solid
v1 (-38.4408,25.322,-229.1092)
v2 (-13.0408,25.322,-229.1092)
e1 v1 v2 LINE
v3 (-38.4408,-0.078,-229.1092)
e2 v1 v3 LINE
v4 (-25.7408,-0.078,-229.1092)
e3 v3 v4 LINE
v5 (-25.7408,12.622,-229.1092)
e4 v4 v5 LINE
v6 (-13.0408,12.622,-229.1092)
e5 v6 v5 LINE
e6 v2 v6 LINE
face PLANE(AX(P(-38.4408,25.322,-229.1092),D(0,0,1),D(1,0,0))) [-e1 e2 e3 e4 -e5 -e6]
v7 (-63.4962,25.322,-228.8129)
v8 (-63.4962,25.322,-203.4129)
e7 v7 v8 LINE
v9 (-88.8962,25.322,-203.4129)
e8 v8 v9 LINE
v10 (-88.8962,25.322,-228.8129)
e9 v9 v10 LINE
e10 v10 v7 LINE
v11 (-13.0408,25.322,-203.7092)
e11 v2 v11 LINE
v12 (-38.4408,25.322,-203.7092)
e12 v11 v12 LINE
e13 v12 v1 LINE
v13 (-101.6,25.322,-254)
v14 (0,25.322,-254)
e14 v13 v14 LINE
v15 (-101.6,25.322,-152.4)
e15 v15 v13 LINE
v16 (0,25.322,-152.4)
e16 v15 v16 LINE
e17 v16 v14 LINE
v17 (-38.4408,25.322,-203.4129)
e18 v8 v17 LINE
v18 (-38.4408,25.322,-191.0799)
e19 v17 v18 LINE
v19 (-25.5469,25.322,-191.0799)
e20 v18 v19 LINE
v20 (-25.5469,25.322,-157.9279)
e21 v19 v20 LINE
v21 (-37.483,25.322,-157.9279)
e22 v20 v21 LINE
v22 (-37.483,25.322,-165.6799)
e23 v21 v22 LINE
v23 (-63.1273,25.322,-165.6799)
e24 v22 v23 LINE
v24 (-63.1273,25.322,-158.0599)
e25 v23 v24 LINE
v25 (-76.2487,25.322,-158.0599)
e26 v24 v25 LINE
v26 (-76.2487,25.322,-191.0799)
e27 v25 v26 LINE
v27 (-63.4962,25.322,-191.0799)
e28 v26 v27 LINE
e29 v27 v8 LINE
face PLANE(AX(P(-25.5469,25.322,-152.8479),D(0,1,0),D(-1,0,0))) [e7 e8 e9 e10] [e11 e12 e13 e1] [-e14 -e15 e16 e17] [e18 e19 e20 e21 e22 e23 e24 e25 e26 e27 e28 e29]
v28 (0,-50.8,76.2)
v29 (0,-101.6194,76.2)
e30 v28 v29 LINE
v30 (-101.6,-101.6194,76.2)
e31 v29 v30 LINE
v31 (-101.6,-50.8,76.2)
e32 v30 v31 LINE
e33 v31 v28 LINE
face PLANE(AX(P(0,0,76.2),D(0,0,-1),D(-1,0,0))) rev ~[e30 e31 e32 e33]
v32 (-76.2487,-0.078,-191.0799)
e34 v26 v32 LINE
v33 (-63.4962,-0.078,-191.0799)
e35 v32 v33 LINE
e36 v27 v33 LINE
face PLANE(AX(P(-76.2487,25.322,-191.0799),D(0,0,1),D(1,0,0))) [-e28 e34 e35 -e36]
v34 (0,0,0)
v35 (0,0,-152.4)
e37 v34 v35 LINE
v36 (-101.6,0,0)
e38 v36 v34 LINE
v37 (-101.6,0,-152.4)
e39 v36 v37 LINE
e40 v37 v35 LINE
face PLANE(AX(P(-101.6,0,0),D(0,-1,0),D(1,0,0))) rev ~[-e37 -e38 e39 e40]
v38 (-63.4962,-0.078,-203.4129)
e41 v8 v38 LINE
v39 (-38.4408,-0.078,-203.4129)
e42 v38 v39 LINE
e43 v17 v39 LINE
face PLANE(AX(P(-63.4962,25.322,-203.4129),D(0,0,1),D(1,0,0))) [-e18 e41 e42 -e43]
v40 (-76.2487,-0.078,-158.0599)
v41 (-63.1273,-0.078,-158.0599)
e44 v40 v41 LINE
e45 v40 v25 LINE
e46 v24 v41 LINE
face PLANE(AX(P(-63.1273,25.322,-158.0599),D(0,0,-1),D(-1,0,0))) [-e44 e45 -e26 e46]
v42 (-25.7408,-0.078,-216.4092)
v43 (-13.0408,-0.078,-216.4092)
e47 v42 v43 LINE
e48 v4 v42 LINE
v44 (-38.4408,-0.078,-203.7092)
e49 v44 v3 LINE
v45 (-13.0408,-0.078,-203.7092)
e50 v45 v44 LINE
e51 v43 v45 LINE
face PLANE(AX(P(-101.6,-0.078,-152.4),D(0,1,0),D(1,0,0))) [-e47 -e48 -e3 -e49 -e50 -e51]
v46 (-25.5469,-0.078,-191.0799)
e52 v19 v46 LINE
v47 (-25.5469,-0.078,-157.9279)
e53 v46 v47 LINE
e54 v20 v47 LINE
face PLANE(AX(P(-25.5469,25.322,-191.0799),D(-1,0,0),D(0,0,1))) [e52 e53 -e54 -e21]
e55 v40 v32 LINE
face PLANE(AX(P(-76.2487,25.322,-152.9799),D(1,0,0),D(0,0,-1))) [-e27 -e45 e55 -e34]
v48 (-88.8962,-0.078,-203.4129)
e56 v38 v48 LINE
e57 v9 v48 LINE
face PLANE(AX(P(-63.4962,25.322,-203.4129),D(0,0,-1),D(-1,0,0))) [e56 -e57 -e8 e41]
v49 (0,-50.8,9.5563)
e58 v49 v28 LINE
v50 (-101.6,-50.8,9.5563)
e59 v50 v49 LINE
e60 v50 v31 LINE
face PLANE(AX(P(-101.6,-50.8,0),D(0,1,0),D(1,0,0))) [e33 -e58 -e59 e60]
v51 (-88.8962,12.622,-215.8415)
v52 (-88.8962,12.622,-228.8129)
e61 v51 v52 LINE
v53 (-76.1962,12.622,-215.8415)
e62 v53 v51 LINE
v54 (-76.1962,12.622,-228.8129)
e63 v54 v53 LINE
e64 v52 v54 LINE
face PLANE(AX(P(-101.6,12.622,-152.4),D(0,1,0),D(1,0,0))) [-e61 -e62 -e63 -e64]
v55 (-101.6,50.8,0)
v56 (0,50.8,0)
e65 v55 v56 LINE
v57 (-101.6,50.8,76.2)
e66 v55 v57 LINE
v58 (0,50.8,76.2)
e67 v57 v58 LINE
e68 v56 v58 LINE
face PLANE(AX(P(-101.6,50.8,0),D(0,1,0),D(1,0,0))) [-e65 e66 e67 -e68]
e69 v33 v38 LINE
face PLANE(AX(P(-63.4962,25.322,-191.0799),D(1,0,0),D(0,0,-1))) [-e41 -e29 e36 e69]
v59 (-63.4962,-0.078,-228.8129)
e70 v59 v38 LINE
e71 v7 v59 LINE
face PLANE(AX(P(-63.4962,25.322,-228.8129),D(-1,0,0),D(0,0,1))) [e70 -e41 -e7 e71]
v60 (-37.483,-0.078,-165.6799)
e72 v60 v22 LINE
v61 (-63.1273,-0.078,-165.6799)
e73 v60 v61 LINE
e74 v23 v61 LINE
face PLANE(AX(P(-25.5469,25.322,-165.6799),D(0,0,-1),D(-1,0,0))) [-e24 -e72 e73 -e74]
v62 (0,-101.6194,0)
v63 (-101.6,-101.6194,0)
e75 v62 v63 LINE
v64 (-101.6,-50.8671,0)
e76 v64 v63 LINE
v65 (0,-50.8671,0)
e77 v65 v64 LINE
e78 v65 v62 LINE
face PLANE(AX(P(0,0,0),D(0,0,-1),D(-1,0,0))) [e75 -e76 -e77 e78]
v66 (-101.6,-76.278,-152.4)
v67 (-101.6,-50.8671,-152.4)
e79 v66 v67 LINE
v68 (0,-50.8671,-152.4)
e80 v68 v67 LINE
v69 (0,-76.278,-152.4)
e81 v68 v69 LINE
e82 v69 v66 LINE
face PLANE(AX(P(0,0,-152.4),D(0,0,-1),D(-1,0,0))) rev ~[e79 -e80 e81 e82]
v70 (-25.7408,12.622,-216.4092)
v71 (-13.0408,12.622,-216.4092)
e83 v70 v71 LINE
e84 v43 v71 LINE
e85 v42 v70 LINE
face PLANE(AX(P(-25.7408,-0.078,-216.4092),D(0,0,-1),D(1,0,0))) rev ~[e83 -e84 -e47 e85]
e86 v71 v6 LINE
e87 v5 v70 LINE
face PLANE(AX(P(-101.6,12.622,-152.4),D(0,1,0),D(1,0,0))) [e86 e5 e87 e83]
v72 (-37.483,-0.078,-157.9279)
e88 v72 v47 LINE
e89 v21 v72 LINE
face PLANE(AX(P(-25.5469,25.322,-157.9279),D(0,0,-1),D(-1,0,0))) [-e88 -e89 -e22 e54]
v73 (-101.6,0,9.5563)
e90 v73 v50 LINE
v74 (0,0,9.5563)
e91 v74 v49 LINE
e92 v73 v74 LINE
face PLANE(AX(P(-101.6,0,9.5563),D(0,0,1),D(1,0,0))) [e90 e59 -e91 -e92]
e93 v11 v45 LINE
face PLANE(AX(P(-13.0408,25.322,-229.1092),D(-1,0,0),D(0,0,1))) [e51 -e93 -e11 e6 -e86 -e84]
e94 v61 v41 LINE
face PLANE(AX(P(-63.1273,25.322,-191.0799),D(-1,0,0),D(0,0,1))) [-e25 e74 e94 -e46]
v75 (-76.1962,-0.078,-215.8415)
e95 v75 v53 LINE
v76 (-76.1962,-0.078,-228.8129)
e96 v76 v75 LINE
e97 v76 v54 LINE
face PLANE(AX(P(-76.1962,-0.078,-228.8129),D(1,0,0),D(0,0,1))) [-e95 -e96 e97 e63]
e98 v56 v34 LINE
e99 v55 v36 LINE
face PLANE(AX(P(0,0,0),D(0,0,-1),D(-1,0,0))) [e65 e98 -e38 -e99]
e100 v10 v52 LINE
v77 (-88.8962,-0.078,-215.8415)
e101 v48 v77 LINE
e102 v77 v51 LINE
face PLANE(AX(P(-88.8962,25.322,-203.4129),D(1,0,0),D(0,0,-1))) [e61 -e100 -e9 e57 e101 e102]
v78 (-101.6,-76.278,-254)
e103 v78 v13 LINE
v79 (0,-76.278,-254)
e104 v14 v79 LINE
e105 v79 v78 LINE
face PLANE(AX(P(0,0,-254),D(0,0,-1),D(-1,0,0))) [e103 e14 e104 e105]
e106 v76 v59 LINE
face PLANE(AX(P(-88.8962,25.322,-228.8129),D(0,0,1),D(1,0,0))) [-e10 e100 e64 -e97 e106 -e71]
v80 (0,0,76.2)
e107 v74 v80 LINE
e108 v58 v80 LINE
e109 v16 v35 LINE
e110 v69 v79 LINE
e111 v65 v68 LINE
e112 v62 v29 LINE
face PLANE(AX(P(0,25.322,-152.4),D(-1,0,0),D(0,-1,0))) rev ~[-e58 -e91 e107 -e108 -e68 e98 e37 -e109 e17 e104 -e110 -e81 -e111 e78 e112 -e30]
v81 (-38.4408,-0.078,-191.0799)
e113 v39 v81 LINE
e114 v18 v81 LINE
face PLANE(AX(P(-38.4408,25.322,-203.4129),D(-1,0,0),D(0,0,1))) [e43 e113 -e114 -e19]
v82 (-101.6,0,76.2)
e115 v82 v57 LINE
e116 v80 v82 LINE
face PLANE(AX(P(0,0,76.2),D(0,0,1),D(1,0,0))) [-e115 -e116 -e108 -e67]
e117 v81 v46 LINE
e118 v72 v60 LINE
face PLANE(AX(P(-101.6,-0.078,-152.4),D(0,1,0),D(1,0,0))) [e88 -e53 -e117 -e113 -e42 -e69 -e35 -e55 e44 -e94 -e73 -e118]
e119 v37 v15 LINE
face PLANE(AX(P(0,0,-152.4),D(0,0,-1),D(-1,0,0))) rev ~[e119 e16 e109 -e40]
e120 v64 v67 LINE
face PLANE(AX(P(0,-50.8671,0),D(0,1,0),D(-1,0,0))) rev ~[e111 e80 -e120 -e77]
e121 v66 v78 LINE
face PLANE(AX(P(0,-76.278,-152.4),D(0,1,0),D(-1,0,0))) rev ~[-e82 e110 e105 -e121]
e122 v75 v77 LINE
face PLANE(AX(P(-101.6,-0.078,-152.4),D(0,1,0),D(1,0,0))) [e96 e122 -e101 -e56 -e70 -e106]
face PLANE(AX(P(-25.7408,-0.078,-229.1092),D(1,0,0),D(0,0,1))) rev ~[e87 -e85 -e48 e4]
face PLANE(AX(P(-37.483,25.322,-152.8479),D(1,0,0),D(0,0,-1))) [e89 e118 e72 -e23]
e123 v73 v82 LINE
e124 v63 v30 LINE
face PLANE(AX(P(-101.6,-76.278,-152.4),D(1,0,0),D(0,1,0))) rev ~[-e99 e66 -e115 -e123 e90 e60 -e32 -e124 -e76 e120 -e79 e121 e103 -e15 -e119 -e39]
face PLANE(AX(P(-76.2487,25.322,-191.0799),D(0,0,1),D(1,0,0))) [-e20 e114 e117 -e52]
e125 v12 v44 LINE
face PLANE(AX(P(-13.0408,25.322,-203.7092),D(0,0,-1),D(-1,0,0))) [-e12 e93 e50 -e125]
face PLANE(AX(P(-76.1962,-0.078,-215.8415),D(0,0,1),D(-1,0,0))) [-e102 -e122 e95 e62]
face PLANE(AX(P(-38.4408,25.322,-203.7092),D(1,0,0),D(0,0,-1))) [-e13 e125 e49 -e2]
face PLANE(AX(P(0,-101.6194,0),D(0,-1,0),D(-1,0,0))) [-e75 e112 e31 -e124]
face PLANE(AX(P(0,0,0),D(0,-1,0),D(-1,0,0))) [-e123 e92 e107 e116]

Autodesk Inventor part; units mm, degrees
ref_plane "YZ Plane" through (0, 0, 0) normal (1, 0, 0) x (0, 1, 0)
ref_plane "XZ Plane" through (0, 0, 0) normal (0, 1, 0) x (-1, 0, 0)
ref_plane "XY Plane" through (0, 0, 0) normal (0, 0, 1) x (1, 0, 0)
sketch "Sketch1" plane through (0, 0, 0) normal (0, 0, 1) x (1, 0, 0)
  line L0 (-101.6, 50.8) -> (0, 50.8)
  line L1 (0, 50.8) -> (0, 0)
  line L2 (0, 0) -> (-101.6, 0)
  line L3 (-101.6, 0) -> (-101.6, 50.8)
  dimension "d0" = 101.6
  dimension "d1" = 50.8
extrude "Extrusion1" add sketch "Sketch1" along normal blind 76.2
sketch "Sketch2" plane through (-101.6, 0, 0) normal (0, -1, 0) x (1, 0, 0)
  line L0 (0, 0) -> (0, 76.2) projected
  line L1 (101.6, 0) -> (0, 0)
  line L2 (0, 0) -> (0, 9.5563)
  line L3 (0, 9.5563) -> (101.6, 9.5563)
  line L4 (101.6, 9.5563) -> (101.6, 0)
extrude "Extrusion2" add sketch "Sketch2" along normal blind 50.8
sketch "Sketch3" plane through (0, 0, 0) normal (0, 0, -1) x (-1, 0, 0)
  line L0 (101.6, -50.8) -> (0, -50.8)
  line L1 (0, -50.8) -> (0, -101.6194)
  line L2 (0, -101.6194) -> (101.6, -101.6194)
  line L3 (101.6, -101.6194) -> (101.6, -50.8)
  point P0 (0, 0)
extrude "Extrusion3" add sketch "Sketch3" against normal blind 76.2
sketch "Sketch4" plane through (0, 0, 0) normal (0, 0, -1) x (-1, 0, 0)
  line L0 (0, -101.6194) -> (0, 50.8) projected
  line L1 (101.6, 50.8) -> (101.6, -101.6194) projected
  line L2 (101.6, 0) -> (0, 0)
  line L3 (0, 0) -> (0, -50.8671)
  line L4 (0, -50.8671) -> (101.6, -50.8671)
  line L5 (101.6, -50.8671) -> (101.6, 0)
  point P0 (0, 0)
extrude "Extrusion4" add sketch "Sketch4" along normal blind 152.4
sketch "Sketch5" plane through (0, 0, -152.4) normal (0, 0, -1) x (-1, 0, 0)
  line L0 (0, -76.278) -> (101.6, -76.278)
  line L1 (101.6, -76.278) -> (101.6, 25.322)
  line L2 (101.6, 25.322) -> (0, 25.322)
  line L3 (0, 25.322) -> (0, -76.278)
  dimension "d10" = 101.6
  dimension "d11" = 101.6
extrude "Extrusion5" add sketch "Sketch5" along normal blind 101.6
sketch "Sketch6" plane through (-101.6, 25.322, -152.4) normal (0, 1, 0) x (1, 0, 0)
  line L0 (0, 0) -> (101.6, 0) projected
  line L1 (12.7038, 76.4129) -> (38.1038, 76.4129)
  line L2 (38.1038, 76.4129) -> (38.1038, 51.0129)
  line L3 (38.1038, 51.0129) -> (12.7038, 51.0129)
  line L4 (12.7038, 51.0129) -> (12.7038, 76.4129)
  line L5 (63.1592, 76.7092) -> (88.5592, 76.7092)
  line L6 (88.5592, 76.7092) -> (88.5592, 51.3092)
  line L7 (88.5592, 51.3092) -> (63.1592, 51.3092)
  line L8 (63.1592, 51.3092) -> (63.1592, 76.7092)
  line L9 (37.1295, 0) -> (29.2048, 0)
  point P0 (101.6, -152.4)
  dimension "d14" = 25.4
  dimension "d15" = 25.4
  dimension "d16" = 25.4
  dimension "d17" = 25.4
extrude "Extrusion6" cut sketch "Sketch6" against normal blind 25.4
sketch "Sketch7" plane through (-101.6, 25.322, -152.4) normal (0, 1, 0) x (1, 0, 0)
  line L0 (25.3513, 38.6799) -> (38.4727, 38.6799)
  line L1 (38.4727, 38.6799) -> (38.4727, 0.5799)
  line L2 (38.4727, 0.5799) -> (25.3513, 0.5799)
  line L3 (25.3513, 0.5799) -> (25.3513, 38.6799)
  line L4 (64.117, 38.5479) -> (76.0531, 38.5479)
  line L5 (76.0531, 38.5479) -> (76.0531, 0.4479)
  line L6 (76.0531, 0.4479) -> (64.117, 0.4479)
  line L7 (64.117, 0.4479) -> (64.117, 38.5479)
  point P0 (101.6, -152.4)
  dimension "d20" = 38.1
  dimension "d21" = 38.1
extrude "Extrusion7" cut sketch "Sketch7" against normal blind 25.4
sketch "Sketch8" plane through (-101.6, 25.322, -152.4) normal (0, 1, 0) x (1, 0, 0)
  line L0 (76.0531, 38.5479) -> (76.0531, 0.4479) projected
  line L1 (25.3513, 38.6799) -> (76.0531, 38.6799)
  line L2 (76.0531, 38.6799) -> (76.0531, 13.2799)
  line L3 (76.0531, 13.2799) -> (25.3513, 13.2799)
  line L4 (25.3513, 13.2799) -> (25.3513, 38.6799)
  point P0 (101.6, -152.4)
  dimension "d24" = 25.4
extrude "Extrusion8" cut sketch "Sketch8" against normal blind 25.4
sketch "Sketch9" plane through (-76.2487, 25.322, -152.9799) normal (1, 0, 0) x (0, 0, -1)
  line L0 (0, 0) -> (38.1, 0) projected
  line L1 (0, 0) -> (0, -25.4) projected
  line L2 (38.1, -25.4) -> (0, -25.4) projected
  line L3 (38.1, 0) -> (38.1, -25.4) projected
  point P0 (-152.9799, -25.322)
sketch "Sketch10" plane through (-101.6, 25.322, -152.4) normal (0, 1, 0) x (1, 0, 0)
  line L0 (25.3513, 38.6799) -> (76.0531, 38.6799) projected
  line L1 (38.1038, 51.0129) -> (63.1592, 51.0129)
  line L2 (63.1592, 51.0129) -> (63.1592, 38.6799)
  line L3 (63.1592, 38.6799) -> (38.1038, 38.6799)
  line L4 (38.1038, 38.6799) -> (38.1038, 51.0129)
  point P0 (101.6, -152.4)
extrude "Extrusion9" cut sketch "Sketch10" against normal blind 25.4
sketch "Sketch11" plane through (-101.6, -0.078, -152.4) normal (0, 1, 0) x (1, 0, 0)
  line L0 (88.5592, 76.7092) -> (75.8592, 76.7092)
  line L1 (75.8592, 76.7092) -> (75.8592, 64.0092)
  line L2 (75.8592, 64.0092) -> (88.5592, 64.0092)
  line L3 (88.5592, 64.0092) -> (88.5592, 76.7092)
  point P0 (101.6, -152.4)
extrude "Extrusion10" add sketch "Sketch11" along normal blind 12.7
sketch "Sketch12" plane through (-101.6, -0.078, -152.4) normal (0, 1, 0) x (1, 0, 0)
  line L0 (12.7038, 76.4129) -> (25.4038, 76.4129)
  line L1 (25.4038, 76.4129) -> (25.4038, 63.4415)
  line L2 (25.4038, 63.4415) -> (12.7038, 63.4415)
  line L3 (12.7038, 63.4415) -> (12.7038, 76.4129)
  point P0 (101.6, -152.4)
extrude "Extrusion11" add sketch "Sketch12" along normal blind 12.7
sketch "Sketch13" plane through (-63.1273, 25.322, -152.9799) normal (0, 0, -1) x (-1, 0, 0)
  line L0 (13.1215, -25.4) -> (0, -25.4) projected
  line L1 (13.1215, 0) -> (13.1215, -25.4) projected
  line L2 (0, 0) -> (13.1215, 0) projected
  line L3 (0, 0) -> (0, -25.4) projected
  point P0 (-63.1273, -25.322)
extrude "Extrusion12" add sketch "Sketch13" along normal blind 5.08
sketch "Sketch14" plane through (-25.5469, 25.322, -152.8479) normal (0, 0, -1) x (-1, 0, 0)
  line L0 (11.9361, -25.4) -> (0, -25.4) projected
  line L1 (11.9361, 0) -> (11.9361, -25.4) projected
  line L2 (0, 0) -> (11.9361, 0) projected
  line L3 (0, 0) -> (0, -25.4) projected
  point P0 (-25.5469, -25.322)
extrude "Extrusion13" add sketch "Sketch14" along normal blind 5.08
properties part number "Creeper"
